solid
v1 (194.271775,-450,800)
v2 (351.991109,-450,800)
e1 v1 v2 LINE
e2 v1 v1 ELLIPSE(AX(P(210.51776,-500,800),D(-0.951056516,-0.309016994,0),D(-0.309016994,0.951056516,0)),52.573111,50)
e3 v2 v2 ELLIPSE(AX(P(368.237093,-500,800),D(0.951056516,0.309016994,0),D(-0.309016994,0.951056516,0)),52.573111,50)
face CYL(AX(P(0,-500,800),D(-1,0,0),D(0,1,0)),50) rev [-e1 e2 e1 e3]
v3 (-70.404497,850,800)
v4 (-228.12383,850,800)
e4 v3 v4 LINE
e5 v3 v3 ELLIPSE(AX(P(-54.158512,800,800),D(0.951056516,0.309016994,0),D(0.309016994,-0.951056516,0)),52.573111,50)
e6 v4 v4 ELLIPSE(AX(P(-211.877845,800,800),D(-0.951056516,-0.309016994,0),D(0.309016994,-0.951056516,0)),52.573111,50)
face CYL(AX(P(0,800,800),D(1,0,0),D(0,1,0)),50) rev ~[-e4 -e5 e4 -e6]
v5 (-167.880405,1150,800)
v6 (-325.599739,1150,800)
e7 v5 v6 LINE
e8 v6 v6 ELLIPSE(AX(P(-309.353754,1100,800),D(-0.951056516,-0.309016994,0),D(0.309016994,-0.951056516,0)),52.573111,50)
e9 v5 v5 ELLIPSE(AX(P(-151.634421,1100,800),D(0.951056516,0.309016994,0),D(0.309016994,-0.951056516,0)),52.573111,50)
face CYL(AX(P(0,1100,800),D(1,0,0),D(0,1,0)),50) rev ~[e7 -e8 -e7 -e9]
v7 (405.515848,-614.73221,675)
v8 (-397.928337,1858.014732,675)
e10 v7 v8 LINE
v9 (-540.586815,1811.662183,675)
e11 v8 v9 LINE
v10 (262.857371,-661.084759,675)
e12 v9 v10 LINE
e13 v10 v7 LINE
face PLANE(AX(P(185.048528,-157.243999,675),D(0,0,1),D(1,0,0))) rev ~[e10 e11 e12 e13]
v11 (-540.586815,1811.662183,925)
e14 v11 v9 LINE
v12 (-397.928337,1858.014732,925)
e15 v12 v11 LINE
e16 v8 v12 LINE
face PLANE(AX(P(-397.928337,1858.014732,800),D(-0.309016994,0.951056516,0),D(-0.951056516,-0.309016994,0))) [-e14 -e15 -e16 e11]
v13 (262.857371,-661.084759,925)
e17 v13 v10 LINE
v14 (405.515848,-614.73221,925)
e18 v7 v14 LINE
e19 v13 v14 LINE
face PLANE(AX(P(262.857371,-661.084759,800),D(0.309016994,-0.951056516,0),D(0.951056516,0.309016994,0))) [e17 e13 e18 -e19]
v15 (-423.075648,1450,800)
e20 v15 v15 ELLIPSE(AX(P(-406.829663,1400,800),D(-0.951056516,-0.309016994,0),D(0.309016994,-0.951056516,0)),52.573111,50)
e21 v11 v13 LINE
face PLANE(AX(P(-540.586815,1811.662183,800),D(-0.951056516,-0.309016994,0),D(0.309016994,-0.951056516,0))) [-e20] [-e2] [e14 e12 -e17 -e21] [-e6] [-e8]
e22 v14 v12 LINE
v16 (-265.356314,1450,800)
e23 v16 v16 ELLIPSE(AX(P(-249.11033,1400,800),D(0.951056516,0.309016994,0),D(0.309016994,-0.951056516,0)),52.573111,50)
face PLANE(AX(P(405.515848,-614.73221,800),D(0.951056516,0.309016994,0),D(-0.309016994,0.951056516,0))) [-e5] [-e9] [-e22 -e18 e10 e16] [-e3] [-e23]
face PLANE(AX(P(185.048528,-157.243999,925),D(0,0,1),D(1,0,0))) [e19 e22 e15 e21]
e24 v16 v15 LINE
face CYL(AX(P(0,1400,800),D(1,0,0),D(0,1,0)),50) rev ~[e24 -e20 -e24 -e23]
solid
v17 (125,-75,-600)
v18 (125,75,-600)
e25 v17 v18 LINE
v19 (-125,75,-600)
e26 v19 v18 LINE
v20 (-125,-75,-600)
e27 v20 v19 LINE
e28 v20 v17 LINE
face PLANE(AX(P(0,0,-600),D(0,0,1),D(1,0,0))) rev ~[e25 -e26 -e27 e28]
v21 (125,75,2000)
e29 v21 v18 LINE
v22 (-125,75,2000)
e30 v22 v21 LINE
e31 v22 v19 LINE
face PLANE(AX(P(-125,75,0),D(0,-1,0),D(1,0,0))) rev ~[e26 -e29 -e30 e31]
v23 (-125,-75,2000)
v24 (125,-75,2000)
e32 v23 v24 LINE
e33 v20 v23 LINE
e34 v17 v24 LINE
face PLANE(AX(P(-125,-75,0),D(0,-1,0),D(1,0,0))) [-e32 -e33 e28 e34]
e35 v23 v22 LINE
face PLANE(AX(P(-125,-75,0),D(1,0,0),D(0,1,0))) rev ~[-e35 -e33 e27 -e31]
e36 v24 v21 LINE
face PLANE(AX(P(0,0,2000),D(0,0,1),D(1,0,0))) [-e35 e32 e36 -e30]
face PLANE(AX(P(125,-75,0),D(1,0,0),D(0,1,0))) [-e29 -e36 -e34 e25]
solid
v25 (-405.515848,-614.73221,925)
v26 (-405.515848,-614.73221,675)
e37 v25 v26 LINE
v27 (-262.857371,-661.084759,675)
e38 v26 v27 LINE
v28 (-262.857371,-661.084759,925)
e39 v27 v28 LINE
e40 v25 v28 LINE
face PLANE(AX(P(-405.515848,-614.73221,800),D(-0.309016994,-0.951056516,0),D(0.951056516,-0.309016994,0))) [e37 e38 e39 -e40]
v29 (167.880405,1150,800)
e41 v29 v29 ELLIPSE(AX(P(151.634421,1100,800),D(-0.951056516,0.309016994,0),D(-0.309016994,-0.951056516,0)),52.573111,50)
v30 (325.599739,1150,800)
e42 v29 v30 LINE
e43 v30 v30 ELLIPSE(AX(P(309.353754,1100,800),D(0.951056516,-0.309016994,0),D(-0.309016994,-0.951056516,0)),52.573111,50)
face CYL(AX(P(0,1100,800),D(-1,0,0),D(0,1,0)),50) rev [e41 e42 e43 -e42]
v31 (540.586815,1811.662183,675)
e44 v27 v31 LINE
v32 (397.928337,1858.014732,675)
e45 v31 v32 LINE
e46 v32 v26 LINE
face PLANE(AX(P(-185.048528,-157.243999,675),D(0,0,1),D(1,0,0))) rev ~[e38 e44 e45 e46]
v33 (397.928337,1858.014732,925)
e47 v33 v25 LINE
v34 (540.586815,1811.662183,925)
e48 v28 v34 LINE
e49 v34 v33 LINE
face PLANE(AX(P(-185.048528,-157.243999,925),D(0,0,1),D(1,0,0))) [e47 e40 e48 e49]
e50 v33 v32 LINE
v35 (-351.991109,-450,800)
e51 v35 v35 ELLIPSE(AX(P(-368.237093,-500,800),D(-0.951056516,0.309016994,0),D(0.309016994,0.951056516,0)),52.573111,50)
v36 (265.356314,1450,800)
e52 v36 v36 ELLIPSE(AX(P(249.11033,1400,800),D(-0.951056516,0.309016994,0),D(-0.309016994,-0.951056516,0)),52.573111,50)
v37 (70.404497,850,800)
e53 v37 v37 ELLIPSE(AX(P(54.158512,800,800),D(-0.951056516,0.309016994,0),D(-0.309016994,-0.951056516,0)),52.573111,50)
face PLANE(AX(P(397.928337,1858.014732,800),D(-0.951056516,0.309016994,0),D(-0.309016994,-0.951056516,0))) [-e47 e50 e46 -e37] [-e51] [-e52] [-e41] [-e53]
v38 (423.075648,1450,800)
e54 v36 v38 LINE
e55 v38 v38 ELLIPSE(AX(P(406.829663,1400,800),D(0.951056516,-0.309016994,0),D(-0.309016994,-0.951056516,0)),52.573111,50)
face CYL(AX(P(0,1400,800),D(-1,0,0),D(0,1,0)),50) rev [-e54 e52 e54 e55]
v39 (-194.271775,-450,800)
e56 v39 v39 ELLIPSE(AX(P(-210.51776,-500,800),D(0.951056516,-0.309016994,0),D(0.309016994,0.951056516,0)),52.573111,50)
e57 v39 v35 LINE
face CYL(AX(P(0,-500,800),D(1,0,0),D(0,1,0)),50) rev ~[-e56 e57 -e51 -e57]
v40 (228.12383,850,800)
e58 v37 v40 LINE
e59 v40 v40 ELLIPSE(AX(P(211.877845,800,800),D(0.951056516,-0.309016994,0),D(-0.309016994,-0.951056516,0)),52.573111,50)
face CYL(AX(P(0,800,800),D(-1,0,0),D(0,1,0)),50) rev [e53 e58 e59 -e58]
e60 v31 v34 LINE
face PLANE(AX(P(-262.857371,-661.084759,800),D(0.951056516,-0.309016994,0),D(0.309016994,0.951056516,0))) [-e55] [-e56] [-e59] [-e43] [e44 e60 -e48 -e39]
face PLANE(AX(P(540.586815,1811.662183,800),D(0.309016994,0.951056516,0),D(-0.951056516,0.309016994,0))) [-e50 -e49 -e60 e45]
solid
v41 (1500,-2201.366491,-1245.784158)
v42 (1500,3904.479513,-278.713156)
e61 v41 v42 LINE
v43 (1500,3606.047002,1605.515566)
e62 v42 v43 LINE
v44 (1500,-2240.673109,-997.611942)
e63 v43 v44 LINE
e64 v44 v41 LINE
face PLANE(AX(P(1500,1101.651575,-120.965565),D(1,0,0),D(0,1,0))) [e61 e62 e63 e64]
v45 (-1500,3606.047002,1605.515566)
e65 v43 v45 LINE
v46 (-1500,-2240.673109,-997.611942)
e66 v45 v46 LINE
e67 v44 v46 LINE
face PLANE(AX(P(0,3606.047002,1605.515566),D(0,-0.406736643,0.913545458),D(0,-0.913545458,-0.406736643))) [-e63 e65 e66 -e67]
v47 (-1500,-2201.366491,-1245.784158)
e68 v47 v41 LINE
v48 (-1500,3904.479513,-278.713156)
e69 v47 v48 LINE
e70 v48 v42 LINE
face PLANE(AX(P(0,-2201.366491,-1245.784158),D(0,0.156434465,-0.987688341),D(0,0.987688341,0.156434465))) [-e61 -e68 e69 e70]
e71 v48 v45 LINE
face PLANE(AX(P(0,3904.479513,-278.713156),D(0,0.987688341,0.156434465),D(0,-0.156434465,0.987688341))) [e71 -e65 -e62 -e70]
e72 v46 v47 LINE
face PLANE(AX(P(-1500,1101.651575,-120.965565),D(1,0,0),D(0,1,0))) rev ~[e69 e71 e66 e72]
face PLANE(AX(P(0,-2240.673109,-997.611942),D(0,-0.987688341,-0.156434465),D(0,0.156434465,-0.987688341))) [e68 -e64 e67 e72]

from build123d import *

# Parameters (mm, degrees)
F0_W          = 250
F0_H          = 150
F1_DEPTH      = 2000
F1_DEPTH_BACK = 600
F5_DEPTH      = 125
F6_DEPTH      = 125
F7_DEPTH      = 1500
F8_R          = 50
F9_DEPTH      = 1500.001
F9_DEPTH_BACK = 1500.001


with BuildPart() as f1:
    # F0 (on Top) → F1 (new body, two sides)
    with BuildSketch(Plane.XY) as f1_sk:
        Rectangle(F0_W, F0_H)
    extrude(amount=F1_DEPTH)
    extrude(f1_sk.sketch, amount=-F1_DEPTH_BACK)


with BuildPart() as f5:
    # F4 (on line) → F5 (new body, symmetric)
    with BuildSketch(Plane.XY.offset(800)):
        Polygon((-405.5158482545, -614.7322103396), (-262.8573708102, -661.0847594958), (0, 147.9070432719), (-78.8596668179, 390.6121415844), align=None)
        Polygon((-78.8596668179, 390.6121415844), (0, 147.9070432719), (78.8596668179, 390.6121415844), (0, 633.3172398969), align=None)
        Polygon((0, 633.3172398969), (78.8596668179, 390.6121415844), (540.5868145647, 1811.6621828716), (397.9283371204, 1858.0147320278), align=None)
    extrude(amount=F5_DEPTH, both=True)


with BuildPart() as f6:
    # F4 (on line) → F6 (new body, symmetric)
    with BuildSketch(Plane.XY.offset(800)):
        Polygon((78.8596668179, 390.6121415844), (0, 147.9070432719), (262.8573708102, -661.0847594958), (405.5158482545, -614.7322103396), align=None)
        Polygon((-540.5868145647, 1811.6621828716), (-78.8596668179, 390.6121415844), (0, 633.3172398969), (-397.9283371204, 1858.0147320278), align=None)
        Polygon((-78.8596668179, 390.6121415844), (0, 147.9070432719), (78.8596668179, 390.6121415844), (0, 633.3172398969), align=None)
    extrude(amount=F6_DEPTH, both=True)


with BuildPart() as f7:
    # F2 (on Right) → F7 (new body, symmetric)
    with BuildSketch(Plane.YZ):
        Polygon((1796.8294191234, 800), (-2240.6731085289, -997.6119423165), (-2201.3664910063, -1245.7841582363), (3904.4795133214, -278.7131561331), (3606.0470017618, 1605.5155657552), align=None)
    extrude(amount=F7_DEPTH, both=True)


with BuildPart() as f9_tool:
    # F8 (on Right) → F9 (new body, two sides)
    with BuildSketch(Plane.YZ) as f9_sk:
        with Locations((-500, 800)):
            Circle(F8_R)
        with Locations((800, 800)):
            Circle(F8_R)
        with Locations((1100, 800)):
            Circle(F8_R)
        with Locations((1400, 800)):
            Circle(F8_R)
    extrude(amount=-F9_DEPTH)
    extrude(f9_sk.sketch, amount=F9_DEPTH_BACK)


with BuildPart() as f5_1:
    add(f5.part)

    # F9: cut by f9_tool
    add(f9_tool.part, mode=Mode.SUBTRACT)


with BuildPart() as f6_1:
    add(f6.part)

    # F9: cut by f9_tool
    add(f9_tool.part, mode=Mode.SUBTRACT)


solid = Compound([f1.part, f7.part, f5_1.part, f6_1.part])
